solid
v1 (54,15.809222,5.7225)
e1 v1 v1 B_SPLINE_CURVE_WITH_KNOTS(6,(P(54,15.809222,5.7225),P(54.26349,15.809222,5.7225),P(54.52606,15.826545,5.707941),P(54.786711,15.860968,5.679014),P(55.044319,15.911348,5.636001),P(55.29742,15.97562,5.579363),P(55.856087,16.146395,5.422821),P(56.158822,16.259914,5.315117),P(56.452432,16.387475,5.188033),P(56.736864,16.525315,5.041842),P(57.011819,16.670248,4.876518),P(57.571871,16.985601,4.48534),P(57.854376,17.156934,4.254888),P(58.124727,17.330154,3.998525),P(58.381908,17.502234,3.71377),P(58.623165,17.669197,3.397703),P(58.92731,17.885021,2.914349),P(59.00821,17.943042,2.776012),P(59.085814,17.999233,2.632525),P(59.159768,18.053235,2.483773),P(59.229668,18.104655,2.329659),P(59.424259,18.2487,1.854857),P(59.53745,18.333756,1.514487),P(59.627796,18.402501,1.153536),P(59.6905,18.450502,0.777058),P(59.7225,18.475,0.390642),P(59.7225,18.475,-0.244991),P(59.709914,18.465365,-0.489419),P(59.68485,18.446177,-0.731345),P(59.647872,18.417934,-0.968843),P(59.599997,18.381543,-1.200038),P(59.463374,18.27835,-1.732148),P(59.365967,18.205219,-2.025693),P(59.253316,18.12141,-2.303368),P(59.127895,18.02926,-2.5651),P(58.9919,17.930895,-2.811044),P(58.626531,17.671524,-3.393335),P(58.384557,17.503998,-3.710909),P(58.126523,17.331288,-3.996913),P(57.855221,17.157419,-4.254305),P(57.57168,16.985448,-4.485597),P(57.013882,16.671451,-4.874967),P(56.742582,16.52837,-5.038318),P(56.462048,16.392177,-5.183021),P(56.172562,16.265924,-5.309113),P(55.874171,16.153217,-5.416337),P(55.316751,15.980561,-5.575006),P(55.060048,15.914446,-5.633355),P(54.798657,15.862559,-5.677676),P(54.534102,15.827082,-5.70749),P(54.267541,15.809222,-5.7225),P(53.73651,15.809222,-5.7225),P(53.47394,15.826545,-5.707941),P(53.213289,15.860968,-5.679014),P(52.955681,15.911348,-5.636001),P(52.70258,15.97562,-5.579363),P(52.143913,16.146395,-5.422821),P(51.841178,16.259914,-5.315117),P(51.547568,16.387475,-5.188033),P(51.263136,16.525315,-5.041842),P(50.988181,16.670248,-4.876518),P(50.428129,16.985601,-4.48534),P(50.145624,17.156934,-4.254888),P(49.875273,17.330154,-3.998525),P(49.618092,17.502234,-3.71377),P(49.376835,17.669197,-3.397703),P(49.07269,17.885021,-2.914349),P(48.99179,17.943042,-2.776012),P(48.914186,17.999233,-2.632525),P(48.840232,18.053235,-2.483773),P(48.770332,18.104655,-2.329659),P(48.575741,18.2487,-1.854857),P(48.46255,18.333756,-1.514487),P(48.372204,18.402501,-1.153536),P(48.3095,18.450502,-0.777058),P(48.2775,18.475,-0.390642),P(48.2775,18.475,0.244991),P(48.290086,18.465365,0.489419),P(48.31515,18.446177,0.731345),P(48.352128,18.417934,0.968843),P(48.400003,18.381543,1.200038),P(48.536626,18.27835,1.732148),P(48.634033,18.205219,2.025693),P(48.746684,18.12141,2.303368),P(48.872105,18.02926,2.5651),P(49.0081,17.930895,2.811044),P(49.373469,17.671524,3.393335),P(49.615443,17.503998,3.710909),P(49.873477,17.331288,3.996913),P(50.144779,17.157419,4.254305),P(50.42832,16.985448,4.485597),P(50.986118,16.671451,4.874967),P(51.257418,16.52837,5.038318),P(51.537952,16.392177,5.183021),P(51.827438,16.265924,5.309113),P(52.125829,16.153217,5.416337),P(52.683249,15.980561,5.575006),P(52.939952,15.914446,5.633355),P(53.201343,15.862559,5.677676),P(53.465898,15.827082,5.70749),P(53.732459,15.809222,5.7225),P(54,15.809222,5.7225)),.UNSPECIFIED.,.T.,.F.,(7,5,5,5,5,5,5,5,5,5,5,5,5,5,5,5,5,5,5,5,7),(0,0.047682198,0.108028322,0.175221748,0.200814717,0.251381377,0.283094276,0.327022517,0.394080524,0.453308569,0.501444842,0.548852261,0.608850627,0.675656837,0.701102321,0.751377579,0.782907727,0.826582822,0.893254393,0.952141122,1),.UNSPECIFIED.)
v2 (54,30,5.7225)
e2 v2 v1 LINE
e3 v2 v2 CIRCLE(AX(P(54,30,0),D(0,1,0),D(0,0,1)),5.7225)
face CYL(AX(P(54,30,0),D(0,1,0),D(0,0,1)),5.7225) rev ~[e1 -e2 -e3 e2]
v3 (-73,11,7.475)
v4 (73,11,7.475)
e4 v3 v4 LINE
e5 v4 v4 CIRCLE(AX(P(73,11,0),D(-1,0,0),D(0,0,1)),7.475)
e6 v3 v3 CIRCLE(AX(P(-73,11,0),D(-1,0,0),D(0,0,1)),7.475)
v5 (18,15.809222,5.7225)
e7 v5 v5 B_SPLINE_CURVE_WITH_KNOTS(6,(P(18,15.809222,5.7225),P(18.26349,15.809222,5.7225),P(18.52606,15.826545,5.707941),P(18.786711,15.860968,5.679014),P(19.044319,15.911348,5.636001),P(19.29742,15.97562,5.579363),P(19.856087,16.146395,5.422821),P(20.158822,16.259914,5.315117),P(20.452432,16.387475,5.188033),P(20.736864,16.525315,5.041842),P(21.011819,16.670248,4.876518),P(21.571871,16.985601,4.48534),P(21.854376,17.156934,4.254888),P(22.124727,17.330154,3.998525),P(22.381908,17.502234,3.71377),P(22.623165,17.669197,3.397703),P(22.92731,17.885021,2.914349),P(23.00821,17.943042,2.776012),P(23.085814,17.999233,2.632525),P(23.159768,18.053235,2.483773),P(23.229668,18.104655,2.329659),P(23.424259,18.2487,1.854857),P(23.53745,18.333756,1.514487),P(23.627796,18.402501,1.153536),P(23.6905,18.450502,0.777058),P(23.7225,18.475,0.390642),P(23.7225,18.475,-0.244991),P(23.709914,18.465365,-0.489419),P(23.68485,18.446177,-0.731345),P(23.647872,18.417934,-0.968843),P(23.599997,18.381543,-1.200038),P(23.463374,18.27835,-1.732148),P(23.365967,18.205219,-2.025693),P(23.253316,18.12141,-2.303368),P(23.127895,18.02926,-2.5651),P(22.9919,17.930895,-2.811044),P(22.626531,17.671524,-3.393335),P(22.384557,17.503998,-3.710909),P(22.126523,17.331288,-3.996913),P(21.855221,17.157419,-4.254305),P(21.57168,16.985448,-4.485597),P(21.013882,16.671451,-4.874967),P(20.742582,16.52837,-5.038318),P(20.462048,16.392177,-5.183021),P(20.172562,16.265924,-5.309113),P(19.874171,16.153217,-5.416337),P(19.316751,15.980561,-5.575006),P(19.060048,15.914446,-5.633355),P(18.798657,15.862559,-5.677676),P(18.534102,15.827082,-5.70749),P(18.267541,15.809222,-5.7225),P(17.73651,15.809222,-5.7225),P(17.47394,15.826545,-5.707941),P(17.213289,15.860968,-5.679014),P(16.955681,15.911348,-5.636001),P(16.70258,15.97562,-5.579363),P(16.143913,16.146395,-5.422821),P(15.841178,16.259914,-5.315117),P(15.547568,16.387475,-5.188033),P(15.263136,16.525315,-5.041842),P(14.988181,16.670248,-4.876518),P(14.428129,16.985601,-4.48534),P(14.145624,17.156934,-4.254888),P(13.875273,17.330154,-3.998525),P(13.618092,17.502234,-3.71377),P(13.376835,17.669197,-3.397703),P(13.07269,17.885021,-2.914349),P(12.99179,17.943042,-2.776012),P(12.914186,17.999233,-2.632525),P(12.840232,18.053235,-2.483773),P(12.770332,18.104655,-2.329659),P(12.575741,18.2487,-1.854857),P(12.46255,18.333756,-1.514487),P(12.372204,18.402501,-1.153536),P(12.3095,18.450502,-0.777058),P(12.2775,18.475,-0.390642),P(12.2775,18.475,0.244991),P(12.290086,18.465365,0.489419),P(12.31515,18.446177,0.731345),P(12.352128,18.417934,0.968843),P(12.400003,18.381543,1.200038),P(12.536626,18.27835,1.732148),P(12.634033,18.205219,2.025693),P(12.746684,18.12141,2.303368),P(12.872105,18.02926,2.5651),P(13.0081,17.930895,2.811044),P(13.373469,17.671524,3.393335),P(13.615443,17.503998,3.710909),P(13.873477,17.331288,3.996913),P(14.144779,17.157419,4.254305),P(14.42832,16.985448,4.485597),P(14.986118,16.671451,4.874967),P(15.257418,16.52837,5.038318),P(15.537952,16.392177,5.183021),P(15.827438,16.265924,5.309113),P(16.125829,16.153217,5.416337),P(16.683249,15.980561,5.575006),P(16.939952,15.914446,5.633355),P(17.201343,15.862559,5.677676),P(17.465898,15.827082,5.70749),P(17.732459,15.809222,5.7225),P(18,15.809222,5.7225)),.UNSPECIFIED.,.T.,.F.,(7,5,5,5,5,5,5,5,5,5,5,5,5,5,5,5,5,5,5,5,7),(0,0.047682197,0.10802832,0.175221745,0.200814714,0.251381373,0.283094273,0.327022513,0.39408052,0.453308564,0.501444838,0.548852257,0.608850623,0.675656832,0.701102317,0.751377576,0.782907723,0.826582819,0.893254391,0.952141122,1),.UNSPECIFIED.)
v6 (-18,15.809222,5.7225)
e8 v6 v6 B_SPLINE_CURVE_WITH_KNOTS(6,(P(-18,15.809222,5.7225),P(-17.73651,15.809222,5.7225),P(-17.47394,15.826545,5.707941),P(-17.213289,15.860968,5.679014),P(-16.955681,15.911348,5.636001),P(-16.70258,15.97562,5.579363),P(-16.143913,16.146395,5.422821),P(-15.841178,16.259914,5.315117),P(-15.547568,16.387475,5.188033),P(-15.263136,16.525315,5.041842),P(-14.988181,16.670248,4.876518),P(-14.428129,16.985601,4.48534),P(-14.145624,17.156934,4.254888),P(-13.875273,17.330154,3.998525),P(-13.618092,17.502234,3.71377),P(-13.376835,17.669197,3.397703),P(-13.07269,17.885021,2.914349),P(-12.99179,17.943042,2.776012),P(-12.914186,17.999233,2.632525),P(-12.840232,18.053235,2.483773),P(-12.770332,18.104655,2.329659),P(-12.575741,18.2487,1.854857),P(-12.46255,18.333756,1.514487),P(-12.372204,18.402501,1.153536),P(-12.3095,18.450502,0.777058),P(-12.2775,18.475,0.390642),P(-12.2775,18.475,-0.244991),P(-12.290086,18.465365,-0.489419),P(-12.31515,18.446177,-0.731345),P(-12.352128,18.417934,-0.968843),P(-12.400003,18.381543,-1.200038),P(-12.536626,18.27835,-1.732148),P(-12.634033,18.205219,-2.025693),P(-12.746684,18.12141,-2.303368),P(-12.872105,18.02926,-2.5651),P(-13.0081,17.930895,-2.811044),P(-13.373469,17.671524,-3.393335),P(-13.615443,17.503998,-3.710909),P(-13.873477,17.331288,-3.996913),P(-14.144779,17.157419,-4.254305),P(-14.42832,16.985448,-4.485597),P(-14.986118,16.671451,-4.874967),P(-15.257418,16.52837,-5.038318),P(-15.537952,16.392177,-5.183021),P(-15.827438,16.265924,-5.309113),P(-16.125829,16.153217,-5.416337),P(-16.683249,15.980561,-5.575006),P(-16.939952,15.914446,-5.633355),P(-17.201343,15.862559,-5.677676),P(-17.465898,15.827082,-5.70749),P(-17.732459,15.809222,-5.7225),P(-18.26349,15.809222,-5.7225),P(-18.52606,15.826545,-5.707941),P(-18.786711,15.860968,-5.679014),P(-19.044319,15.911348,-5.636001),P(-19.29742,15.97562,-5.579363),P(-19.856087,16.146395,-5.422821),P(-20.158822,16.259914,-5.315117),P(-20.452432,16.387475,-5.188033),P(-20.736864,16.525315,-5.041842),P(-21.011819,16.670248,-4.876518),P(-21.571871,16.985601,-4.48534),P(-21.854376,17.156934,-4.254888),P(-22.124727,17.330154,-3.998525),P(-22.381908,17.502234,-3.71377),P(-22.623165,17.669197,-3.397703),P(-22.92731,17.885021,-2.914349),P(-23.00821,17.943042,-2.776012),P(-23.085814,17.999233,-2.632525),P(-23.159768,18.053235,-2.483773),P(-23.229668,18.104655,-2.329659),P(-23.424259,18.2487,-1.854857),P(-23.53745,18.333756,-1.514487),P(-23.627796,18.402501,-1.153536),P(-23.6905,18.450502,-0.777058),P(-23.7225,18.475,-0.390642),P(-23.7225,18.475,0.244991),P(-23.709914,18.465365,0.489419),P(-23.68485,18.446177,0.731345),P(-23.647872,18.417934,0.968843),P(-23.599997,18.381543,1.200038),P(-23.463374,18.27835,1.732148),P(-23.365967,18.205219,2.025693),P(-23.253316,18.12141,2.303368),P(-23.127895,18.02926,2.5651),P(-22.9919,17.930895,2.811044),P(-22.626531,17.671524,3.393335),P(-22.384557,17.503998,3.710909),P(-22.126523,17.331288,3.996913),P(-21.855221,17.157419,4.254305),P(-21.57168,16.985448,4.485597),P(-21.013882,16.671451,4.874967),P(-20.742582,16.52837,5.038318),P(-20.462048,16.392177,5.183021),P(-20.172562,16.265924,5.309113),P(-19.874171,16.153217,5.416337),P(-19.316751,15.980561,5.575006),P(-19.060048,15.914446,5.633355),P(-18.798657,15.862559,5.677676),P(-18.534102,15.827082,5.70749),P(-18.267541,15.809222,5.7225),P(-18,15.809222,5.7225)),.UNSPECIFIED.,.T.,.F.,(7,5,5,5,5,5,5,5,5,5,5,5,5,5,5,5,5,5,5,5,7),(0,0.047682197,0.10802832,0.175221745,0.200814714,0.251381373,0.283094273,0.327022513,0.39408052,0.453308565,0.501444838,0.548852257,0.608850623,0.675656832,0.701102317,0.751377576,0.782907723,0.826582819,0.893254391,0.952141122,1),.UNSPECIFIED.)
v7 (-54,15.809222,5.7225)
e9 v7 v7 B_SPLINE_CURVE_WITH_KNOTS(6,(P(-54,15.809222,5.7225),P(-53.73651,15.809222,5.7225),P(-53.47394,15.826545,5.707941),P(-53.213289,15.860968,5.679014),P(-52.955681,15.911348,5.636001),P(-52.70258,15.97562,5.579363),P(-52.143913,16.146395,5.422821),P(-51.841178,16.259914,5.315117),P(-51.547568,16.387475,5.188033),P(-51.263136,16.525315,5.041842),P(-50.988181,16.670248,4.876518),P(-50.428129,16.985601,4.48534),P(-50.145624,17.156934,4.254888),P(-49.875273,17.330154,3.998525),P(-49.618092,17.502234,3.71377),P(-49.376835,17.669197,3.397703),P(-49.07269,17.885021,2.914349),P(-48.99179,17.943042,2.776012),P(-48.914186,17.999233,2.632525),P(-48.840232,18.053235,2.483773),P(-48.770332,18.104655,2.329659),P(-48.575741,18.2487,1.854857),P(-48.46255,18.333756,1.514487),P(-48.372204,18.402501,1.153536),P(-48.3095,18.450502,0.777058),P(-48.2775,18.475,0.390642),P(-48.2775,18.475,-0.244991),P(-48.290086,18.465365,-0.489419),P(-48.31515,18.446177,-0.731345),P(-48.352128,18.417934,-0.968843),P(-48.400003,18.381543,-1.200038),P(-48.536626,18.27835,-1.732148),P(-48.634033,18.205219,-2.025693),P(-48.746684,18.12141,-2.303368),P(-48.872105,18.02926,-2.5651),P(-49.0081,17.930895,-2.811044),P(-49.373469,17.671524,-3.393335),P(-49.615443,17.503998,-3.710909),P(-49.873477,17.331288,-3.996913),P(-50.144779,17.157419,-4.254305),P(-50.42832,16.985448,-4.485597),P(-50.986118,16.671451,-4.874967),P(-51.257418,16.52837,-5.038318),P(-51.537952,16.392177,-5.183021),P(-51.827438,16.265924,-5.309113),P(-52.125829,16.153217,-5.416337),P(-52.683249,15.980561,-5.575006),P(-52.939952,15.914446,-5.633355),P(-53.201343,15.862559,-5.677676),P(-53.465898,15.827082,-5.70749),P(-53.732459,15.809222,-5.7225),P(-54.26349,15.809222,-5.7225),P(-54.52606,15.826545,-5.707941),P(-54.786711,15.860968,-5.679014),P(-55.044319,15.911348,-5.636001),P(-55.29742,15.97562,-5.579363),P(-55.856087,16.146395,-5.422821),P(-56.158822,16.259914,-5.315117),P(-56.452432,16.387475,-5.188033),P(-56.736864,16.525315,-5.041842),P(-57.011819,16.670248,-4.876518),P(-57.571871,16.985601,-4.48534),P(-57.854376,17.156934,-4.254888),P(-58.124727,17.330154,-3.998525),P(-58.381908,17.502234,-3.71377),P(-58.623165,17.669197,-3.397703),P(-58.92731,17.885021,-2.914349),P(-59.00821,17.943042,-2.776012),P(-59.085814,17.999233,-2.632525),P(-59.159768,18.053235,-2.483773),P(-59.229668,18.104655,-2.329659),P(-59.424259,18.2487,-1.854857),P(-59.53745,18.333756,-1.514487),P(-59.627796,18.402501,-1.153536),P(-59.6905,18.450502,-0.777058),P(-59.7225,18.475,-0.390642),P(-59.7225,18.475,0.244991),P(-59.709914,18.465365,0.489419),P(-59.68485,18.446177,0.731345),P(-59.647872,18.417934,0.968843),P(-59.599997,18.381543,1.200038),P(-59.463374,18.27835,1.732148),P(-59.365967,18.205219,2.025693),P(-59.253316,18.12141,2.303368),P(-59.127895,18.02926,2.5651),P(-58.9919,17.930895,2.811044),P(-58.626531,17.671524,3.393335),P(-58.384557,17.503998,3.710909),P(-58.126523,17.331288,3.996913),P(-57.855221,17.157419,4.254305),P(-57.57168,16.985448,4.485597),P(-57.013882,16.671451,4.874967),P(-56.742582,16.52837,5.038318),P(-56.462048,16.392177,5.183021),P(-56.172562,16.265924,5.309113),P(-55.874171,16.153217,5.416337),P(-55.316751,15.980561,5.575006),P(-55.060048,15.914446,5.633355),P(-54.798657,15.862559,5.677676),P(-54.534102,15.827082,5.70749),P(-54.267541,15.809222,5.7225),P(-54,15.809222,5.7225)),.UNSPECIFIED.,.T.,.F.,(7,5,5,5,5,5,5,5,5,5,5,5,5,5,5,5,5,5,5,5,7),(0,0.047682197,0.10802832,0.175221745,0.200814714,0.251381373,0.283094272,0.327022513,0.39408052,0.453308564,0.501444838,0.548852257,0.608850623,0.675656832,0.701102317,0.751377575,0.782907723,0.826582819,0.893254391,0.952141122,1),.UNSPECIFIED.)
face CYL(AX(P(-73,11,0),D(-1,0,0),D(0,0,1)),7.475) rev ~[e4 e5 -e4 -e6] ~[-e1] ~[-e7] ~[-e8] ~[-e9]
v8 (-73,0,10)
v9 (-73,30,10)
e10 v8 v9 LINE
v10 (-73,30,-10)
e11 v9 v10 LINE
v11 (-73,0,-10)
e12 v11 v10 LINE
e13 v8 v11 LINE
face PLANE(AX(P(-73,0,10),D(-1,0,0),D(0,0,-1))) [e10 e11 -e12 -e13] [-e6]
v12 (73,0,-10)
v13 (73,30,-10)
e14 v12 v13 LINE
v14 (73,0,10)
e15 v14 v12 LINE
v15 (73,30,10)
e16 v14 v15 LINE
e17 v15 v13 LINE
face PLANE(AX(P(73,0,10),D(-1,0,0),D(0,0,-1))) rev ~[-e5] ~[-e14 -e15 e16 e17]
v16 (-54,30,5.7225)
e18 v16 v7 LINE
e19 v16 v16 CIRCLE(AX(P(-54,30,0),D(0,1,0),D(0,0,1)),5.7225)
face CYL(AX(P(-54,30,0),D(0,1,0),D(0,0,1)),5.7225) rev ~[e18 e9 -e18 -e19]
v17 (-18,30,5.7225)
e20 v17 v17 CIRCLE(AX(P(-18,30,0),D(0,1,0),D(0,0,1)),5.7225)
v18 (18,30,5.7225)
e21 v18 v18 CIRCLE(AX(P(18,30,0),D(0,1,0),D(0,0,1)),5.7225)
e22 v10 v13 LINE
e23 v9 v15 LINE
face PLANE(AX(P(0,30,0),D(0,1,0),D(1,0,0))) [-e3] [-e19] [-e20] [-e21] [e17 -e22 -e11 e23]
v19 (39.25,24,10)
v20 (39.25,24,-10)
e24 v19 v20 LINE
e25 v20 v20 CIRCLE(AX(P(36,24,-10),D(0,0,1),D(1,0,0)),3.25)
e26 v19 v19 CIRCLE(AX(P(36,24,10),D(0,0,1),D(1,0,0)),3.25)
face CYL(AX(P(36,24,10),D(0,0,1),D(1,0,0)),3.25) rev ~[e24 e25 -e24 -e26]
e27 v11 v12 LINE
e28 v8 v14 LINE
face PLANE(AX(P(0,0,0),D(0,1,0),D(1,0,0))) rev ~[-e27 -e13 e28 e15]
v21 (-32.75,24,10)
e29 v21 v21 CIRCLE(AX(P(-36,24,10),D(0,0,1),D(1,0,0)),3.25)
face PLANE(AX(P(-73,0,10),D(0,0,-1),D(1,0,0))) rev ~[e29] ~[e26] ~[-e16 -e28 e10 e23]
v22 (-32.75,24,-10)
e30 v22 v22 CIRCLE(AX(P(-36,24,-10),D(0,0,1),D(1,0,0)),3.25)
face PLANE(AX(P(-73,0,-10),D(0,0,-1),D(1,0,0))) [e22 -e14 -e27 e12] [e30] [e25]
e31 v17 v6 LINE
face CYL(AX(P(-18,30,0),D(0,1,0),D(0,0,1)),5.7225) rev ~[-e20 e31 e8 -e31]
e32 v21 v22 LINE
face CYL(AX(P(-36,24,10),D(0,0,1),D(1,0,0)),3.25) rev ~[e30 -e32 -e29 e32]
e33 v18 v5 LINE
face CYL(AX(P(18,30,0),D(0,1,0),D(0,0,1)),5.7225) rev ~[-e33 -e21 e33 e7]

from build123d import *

# Parameters (mm, degrees)
SKETCH1_W           = 146
SKETCH1_H           = 20
BOSS_EXTRUDE1_DEPTH = 30
SKETCH2_R           = 3.25
CUT_EXTRUDE1_DEPTH  = 30
SKETCH3_R           = 7.475
CUT_EXTRUDE2_DEPTH  = 150.385407587
SKETCH4_R           = 5.7225
CUT_EXTRUDE3_DEPTH  = 15


with BuildPart() as part:
    # Sketch1 → Boss-Extrude1 (new body)
    with BuildSketch(Plane(origin=(0, 0, 0), x_dir=(1, 0, 0), z_dir=(0, 1, 0))):
        Rectangle(SKETCH1_W, SKETCH1_H)
    extrude(amount=BOSS_EXTRUDE1_DEPTH)

    # Sketch2 → Cut-Extrude1 (cut)
    with BuildSketch(Plane.XY.offset(10)):
        with Locations((-36, 24)):
            Circle(SKETCH2_R)
        with Locations((36, 24)):
            Circle(SKETCH2_R)
    extrude(amount=-CUT_EXTRUDE1_DEPTH, mode=Mode.SUBTRACT)

    # Sketch3 → Cut-Extrude2 (cut, through all)
    with BuildSketch(Plane.ZY.offset(73)):
        with Locations((0, 11)):
            Circle(SKETCH3_R)
    extrude(amount=-CUT_EXTRUDE2_DEPTH, mode=Mode.SUBTRACT)

    # Sketch4 → Cut-Extrude3 (cut)
    with BuildSketch(Plane(origin=(0, 30, 0), x_dir=(1, 0, 0), z_dir=(0, 1, 0))):
        with Locations(Location((-54, 0, 0), (0, 0, 270))):
            Circle(SKETCH4_R)
        with Locations(Location((-18, 0, 0), (0, 0, 270))):
            Circle(SKETCH4_R)
        with Locations(Location((18, 0, 0), (0, 0, 270))):
            Circle(SKETCH4_R)
        with Locations(Location((54, 0, 0), (0, 0, 270))):
            Circle(SKETCH4_R)
    extrude(amount=-CUT_EXTRUDE3_DEPTH, mode=Mode.SUBTRACT)


solid = part.part
